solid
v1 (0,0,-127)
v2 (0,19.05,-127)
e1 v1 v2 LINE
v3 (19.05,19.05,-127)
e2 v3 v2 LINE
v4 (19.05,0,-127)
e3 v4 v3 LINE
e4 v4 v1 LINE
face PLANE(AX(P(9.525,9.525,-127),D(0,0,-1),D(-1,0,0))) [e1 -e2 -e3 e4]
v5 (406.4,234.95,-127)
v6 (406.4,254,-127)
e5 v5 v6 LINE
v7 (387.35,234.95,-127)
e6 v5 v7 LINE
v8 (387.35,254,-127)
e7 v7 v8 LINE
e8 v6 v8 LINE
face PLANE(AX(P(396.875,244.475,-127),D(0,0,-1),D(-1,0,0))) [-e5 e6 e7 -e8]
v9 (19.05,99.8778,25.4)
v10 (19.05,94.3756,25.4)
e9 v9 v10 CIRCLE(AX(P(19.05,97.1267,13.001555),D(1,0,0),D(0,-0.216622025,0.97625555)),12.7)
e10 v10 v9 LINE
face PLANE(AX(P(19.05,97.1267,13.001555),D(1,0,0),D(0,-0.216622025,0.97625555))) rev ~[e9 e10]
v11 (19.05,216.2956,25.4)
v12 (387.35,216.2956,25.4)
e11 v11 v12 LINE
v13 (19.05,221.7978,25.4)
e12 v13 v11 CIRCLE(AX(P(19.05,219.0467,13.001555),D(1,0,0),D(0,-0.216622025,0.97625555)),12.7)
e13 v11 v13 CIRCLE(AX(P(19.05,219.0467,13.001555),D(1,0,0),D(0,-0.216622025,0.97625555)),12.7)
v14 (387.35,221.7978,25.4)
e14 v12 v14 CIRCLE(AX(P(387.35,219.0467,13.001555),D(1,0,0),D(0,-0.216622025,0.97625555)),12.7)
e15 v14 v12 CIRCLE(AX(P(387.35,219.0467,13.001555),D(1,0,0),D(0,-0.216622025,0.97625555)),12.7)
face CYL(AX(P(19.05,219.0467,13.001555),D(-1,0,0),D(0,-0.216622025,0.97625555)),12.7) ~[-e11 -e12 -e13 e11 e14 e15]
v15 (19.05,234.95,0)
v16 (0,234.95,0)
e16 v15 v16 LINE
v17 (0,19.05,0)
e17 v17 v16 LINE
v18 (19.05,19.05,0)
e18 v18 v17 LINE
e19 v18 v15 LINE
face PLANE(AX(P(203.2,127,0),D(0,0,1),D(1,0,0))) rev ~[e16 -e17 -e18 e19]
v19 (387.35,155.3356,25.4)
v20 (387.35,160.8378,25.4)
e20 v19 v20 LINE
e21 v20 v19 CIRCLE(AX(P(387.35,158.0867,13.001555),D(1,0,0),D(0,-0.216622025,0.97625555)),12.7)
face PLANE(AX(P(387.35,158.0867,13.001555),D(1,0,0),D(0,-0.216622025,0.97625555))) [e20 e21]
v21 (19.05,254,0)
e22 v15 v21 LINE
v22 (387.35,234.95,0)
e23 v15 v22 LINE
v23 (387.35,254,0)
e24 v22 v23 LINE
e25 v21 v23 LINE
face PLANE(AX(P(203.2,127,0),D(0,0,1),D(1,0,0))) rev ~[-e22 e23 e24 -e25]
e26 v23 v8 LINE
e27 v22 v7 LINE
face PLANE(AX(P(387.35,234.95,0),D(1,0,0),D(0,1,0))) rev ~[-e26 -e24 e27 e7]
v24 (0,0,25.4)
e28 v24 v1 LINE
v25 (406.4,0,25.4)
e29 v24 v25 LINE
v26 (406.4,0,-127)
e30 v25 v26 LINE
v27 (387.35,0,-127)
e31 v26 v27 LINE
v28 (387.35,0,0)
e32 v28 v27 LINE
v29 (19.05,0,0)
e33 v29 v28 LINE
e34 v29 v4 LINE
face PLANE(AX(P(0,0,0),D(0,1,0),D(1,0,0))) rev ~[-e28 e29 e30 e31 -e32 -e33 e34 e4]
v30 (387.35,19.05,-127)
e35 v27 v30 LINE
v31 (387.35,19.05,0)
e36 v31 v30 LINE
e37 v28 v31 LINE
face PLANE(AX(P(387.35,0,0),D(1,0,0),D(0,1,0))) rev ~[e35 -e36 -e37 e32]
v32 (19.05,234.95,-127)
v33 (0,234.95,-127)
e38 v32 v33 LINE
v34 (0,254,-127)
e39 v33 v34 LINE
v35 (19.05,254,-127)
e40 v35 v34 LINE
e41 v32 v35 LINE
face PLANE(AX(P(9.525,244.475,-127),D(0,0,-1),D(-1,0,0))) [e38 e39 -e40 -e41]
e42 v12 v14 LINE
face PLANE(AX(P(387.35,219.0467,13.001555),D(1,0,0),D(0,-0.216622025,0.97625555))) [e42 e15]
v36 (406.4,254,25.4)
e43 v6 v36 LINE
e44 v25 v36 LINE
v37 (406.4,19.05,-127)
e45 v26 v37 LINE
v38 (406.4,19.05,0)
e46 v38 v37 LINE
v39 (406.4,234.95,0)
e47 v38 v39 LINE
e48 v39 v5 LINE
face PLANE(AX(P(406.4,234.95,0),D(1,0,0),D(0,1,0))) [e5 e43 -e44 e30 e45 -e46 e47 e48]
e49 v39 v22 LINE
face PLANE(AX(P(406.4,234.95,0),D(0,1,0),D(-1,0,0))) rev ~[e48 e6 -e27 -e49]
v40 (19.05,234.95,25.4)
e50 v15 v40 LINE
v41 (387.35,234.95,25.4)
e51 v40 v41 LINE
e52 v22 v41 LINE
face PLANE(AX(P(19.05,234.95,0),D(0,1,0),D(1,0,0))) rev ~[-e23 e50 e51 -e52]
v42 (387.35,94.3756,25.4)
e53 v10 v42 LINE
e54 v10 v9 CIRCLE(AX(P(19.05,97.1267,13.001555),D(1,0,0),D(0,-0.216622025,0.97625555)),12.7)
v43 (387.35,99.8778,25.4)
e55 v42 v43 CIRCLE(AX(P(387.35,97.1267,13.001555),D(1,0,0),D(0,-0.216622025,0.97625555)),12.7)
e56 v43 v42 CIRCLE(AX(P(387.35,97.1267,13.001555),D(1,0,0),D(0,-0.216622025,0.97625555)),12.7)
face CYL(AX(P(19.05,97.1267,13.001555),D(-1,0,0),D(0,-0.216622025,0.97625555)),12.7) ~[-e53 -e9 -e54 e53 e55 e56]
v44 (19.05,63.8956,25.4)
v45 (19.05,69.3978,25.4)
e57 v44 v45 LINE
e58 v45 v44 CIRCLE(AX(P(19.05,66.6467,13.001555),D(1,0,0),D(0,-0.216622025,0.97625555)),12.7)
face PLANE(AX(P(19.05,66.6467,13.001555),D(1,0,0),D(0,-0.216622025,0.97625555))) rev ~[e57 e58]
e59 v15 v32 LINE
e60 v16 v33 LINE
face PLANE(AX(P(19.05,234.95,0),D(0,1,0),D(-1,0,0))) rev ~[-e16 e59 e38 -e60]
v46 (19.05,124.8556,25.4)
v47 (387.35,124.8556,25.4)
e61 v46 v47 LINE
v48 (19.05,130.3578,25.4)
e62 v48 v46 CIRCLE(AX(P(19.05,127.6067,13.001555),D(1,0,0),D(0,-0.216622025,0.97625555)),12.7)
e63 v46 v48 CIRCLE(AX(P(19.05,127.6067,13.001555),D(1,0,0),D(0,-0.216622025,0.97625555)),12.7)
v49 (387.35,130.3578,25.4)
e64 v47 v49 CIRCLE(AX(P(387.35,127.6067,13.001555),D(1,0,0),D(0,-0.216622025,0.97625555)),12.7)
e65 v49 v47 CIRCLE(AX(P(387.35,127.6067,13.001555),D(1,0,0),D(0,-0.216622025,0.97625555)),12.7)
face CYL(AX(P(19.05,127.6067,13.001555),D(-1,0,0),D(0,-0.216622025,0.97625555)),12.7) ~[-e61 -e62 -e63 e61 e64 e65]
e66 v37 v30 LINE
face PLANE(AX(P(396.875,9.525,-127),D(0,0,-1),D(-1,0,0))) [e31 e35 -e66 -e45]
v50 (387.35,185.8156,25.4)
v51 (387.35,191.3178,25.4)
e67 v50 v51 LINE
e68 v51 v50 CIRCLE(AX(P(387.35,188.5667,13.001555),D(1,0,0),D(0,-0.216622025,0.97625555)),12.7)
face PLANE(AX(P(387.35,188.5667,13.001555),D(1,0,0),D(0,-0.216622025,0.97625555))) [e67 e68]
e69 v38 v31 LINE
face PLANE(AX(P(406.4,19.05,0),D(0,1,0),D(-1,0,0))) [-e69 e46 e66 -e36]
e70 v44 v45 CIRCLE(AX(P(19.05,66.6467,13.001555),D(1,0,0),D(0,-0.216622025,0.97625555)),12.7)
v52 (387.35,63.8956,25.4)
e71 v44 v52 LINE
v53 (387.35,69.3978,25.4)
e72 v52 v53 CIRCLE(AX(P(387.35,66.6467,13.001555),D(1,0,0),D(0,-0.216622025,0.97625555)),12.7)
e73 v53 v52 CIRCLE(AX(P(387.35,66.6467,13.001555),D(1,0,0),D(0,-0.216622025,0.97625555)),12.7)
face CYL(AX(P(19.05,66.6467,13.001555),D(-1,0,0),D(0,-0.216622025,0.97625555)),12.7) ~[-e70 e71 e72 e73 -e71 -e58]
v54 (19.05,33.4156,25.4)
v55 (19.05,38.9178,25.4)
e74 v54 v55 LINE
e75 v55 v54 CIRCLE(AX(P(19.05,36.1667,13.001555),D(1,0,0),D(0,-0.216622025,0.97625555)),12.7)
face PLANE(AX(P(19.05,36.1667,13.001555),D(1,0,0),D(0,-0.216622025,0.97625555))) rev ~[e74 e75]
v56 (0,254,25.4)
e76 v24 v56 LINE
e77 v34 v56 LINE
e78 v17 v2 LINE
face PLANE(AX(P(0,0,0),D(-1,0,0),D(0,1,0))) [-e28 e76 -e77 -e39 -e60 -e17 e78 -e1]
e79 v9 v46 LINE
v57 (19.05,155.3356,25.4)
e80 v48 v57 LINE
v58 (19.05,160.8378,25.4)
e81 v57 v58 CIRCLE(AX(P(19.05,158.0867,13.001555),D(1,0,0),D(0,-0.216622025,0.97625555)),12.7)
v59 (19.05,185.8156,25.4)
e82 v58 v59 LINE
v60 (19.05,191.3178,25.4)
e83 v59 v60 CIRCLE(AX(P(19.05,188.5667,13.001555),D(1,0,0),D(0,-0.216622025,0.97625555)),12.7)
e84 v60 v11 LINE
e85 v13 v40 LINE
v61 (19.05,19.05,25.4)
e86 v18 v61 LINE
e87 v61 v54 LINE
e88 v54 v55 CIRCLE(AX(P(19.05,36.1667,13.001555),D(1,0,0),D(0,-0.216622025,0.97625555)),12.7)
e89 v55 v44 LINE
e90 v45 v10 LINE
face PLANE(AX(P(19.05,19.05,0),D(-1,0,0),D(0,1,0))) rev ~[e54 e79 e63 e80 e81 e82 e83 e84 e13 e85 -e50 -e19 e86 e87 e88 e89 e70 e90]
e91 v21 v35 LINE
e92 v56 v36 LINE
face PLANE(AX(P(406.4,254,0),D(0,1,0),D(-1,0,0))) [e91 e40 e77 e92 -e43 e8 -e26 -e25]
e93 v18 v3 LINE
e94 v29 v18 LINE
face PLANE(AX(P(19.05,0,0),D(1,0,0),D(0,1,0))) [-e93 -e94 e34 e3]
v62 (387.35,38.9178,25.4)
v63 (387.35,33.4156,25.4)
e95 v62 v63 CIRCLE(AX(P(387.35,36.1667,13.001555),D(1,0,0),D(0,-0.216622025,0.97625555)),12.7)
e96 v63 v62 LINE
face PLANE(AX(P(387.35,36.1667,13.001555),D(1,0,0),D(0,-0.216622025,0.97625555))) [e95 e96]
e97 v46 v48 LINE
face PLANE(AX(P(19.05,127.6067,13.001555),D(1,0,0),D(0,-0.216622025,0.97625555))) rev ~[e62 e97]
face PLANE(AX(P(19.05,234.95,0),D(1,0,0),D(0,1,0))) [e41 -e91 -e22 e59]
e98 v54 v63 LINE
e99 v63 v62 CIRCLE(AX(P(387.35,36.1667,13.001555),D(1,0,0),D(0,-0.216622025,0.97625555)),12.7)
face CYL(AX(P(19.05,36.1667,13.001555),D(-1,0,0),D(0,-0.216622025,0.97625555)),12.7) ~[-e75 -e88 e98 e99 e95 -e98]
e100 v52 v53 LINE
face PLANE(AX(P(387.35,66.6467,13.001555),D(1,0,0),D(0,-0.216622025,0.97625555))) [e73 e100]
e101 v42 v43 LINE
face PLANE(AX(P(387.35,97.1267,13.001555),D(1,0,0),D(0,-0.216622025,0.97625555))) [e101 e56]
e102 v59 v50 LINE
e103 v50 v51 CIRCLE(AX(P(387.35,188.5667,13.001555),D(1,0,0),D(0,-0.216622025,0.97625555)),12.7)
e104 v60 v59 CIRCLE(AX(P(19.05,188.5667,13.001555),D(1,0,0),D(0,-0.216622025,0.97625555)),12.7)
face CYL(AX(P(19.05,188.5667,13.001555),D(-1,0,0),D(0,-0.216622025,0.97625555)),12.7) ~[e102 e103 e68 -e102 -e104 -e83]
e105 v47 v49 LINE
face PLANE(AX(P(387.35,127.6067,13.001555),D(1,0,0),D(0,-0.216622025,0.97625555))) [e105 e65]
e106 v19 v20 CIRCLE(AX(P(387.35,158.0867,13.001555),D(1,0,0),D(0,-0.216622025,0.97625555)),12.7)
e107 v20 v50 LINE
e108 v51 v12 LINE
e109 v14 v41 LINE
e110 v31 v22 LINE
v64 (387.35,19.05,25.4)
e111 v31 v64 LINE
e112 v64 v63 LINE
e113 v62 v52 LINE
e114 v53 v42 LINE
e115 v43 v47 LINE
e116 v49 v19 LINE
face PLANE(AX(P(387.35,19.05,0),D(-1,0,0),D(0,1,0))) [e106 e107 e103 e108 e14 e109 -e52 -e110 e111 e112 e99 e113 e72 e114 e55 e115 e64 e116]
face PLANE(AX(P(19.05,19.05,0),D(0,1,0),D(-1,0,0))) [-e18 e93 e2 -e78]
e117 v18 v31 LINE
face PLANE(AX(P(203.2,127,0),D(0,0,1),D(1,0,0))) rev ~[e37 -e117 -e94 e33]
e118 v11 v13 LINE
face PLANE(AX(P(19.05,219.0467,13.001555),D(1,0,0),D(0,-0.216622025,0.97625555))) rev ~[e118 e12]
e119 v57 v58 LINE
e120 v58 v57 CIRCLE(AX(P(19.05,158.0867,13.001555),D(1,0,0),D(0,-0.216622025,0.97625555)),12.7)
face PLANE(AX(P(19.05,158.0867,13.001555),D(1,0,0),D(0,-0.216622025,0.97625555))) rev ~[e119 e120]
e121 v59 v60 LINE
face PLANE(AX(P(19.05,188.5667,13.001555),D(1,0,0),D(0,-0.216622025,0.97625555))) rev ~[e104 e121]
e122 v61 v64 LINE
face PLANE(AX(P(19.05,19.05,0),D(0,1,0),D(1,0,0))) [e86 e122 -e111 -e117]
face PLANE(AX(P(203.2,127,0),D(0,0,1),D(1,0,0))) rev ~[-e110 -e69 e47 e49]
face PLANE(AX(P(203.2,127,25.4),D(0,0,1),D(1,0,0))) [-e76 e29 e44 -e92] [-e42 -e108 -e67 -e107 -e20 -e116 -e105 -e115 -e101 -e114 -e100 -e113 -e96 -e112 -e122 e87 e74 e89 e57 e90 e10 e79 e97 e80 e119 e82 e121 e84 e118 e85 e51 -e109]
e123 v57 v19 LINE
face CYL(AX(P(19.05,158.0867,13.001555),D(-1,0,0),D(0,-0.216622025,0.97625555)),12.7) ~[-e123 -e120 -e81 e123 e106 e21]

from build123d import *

# Parameters (mm, degrees)
SKETCH1_W           = 406.4
SKETCH1_H           = 254
SKETCH1_W_2         = 368.3
SKETCH1_H_2         = 215.9
BOSS_EXTRUDE1_DEPTH = 25.4
SKETCH2_R           = 12.7
BOSS_EXTRUDE2_DEPTH = 368.3
SKETCH3_W           = 19.05
SKETCH3_H           = 19.05
BOSS_EXTRUDE3_DEPTH = 127


with BuildPart() as part:
    # Sketch1 → Boss-Extrude1 (new body)
    with BuildSketch(Plane.XY):
        with Locations((203.2, 127)):
            Rectangle(SKETCH1_W, SKETCH1_H)
        with Locations((203.2, 127)):
            Rectangle(SKETCH1_W_2, SKETCH1_H_2, mode=Mode.SUBTRACT)
    extrude(amount=BOSS_EXTRUDE1_DEPTH)

    # Sketch2 → Boss-Extrude2 (add)
    with BuildSketch(Plane(origin=(19.05, 0, 0), x_dir=(0, 0, -1), z_dir=(1, 0, 0))):
        with Locations(Location((-13.001554518, 219.046700044, 0), (0, 0, 192.51070534))):
            Circle(SKETCH2_R)
        with Locations(Location((-13.001554518, 188.566700044, 0), (0, 0, 192.51070534))):
            Circle(SKETCH2_R)
        with Locations(Location((-13.001554518, 158.086700044, 0), (0, 0, 192.51070534))):
            Circle(SKETCH2_R)
        with Locations(Location((-13.001554518, 127.606700044, 0), (0, 0, 192.51070534))):
            Circle(SKETCH2_R)
        with Locations(Location((-13.001554518, 97.126700044, 0), (0, 0, 192.51070534))):
            Circle(SKETCH2_R)
        with Locations(Location((-13.001554518, 66.646700044, 0), (0, 0, 192.51070534))):
            Circle(SKETCH2_R)
        with Locations(Location((-13.001554518, 36.166700044, 0), (0, 0, 192.51070534))):
            Circle(SKETCH2_R)
    extrude(amount=BOSS_EXTRUDE2_DEPTH)

    # Sketch3 → Boss-Extrude3 (add)
    with BuildSketch(Plane(origin=(0, 0, 0), x_dir=(-1, 0, 0), z_dir=(0, 0, -1))):
        with Locations((-396.875, 244.475)):
            Rectangle(SKETCH3_W, SKETCH3_H)
        with Locations((-396.875, 9.525)):
            Rectangle(SKETCH3_W, SKETCH3_H)
        with Locations((-9.525, 244.475)):
            Rectangle(SKETCH3_W, SKETCH3_H)
        with Locations((-9.525, 9.525)):
            Rectangle(SKETCH3_W, SKETCH3_H)
    extrude(amount=BOSS_EXTRUDE3_DEPTH)


solid = part.part
